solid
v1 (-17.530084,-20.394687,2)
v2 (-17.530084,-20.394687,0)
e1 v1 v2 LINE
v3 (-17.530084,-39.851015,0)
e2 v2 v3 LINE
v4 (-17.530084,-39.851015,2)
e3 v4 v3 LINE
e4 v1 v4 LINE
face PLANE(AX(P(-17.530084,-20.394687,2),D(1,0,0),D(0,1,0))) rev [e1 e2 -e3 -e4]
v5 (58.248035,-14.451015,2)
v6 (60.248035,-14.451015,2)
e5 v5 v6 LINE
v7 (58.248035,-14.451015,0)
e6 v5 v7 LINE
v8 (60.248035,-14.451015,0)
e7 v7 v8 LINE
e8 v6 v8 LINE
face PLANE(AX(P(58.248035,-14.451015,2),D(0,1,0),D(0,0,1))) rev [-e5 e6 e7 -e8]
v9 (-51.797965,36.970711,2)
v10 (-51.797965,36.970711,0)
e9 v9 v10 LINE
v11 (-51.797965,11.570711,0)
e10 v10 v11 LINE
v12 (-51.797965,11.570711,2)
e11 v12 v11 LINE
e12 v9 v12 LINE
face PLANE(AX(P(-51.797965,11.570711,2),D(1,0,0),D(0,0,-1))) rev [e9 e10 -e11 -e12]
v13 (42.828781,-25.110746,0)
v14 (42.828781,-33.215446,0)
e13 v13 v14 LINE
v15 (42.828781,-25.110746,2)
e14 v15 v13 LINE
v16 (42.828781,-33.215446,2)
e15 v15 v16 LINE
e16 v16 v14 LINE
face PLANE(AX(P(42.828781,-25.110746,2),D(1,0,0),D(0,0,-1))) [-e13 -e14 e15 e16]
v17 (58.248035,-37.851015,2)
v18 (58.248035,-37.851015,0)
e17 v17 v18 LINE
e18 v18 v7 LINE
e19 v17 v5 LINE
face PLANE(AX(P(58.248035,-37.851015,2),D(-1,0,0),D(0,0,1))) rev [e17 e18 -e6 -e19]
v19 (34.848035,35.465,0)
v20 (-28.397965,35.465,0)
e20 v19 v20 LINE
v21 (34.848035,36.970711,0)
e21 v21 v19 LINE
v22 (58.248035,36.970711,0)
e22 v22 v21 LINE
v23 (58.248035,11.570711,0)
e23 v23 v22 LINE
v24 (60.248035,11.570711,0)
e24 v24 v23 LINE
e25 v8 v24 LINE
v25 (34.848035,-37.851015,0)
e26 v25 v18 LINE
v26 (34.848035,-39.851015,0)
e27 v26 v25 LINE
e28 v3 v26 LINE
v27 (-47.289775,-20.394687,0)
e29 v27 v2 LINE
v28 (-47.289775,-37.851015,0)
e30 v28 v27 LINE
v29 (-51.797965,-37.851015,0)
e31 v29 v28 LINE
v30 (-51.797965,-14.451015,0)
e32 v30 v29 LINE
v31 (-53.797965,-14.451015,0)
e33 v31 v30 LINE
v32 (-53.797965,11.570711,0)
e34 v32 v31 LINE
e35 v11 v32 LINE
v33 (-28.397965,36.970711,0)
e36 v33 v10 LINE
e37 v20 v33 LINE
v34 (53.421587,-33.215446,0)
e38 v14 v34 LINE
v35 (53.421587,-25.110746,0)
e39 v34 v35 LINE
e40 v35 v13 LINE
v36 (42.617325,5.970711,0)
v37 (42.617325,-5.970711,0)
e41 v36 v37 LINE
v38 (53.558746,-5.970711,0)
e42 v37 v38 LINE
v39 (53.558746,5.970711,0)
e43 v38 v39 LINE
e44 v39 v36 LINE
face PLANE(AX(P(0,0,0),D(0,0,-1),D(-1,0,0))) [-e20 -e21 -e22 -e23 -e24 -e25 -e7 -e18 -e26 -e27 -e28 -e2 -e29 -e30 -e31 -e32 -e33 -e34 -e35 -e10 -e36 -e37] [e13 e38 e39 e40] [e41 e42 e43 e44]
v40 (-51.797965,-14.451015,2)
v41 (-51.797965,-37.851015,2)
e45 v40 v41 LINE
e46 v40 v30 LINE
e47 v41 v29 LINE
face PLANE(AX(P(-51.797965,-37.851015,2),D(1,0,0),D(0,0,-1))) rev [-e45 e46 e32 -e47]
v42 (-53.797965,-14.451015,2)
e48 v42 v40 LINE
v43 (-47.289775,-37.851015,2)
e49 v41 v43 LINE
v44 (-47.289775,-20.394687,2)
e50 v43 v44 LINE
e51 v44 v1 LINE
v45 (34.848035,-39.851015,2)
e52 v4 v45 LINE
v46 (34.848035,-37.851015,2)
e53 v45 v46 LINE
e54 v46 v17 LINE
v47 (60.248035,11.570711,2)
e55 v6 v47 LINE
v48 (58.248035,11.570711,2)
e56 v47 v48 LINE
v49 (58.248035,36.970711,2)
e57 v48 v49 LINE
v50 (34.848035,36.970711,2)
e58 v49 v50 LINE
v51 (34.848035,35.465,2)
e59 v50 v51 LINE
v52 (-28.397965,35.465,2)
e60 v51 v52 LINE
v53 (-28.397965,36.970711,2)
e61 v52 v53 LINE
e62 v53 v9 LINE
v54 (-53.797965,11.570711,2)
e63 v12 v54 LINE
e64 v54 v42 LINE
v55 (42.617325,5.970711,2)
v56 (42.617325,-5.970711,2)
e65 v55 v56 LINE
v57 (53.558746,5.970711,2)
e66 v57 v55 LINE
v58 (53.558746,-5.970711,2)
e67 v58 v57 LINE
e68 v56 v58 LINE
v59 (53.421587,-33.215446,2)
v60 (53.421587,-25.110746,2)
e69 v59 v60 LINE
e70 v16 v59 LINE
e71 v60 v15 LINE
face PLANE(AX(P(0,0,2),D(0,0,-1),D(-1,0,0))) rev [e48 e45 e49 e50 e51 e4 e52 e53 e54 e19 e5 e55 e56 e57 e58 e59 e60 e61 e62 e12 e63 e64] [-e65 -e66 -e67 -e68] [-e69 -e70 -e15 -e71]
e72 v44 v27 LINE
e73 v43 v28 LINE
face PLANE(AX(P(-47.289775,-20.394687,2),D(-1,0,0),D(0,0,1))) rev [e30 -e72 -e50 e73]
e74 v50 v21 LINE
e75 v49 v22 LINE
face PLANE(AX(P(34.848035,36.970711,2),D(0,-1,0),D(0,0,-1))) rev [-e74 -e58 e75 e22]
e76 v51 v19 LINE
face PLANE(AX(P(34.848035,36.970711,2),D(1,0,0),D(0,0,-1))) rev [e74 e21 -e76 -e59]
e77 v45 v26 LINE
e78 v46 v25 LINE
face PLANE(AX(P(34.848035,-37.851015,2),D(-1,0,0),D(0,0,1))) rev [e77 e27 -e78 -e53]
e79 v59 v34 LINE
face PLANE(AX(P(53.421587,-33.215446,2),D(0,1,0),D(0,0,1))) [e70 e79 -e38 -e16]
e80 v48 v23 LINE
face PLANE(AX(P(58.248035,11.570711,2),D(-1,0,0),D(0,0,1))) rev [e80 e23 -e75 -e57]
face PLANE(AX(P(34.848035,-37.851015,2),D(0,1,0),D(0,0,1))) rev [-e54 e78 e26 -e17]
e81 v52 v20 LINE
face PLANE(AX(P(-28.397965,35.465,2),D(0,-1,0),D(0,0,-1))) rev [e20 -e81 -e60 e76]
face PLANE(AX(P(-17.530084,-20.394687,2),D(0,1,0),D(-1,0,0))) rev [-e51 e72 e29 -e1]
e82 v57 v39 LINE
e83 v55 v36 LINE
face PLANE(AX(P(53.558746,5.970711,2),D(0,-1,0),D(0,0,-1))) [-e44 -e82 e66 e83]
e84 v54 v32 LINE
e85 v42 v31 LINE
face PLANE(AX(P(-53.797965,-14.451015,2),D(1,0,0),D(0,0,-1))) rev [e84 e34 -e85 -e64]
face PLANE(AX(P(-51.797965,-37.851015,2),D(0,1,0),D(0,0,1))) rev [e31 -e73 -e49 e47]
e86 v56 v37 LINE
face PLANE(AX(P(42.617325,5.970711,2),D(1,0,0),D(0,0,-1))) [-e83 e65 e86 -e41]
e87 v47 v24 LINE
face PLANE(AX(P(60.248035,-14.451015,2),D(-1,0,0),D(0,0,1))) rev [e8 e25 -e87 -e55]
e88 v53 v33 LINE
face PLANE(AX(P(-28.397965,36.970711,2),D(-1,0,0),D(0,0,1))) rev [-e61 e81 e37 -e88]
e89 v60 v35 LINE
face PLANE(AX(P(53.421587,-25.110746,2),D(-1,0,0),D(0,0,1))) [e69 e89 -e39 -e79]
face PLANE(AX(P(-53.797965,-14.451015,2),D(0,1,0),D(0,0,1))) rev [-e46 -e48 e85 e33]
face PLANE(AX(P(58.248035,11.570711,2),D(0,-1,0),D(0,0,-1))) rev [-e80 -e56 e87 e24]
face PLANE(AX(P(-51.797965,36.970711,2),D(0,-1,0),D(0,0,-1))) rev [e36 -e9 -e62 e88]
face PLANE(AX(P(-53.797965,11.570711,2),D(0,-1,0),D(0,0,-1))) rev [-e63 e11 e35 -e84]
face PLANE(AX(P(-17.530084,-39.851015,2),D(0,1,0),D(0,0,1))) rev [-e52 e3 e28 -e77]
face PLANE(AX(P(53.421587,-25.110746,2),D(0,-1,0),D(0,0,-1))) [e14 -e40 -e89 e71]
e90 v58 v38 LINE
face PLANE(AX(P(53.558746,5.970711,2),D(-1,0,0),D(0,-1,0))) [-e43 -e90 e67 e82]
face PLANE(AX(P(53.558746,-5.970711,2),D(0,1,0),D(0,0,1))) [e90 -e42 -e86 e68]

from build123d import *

# Parameters (mm, degrees)
SKETCH1_W           = 10.941421357
SKETCH1_H           = 11.941421356
SKETCH1_W_2         = 10.592806427
SKETCH1_H_2         = 8.104699542
BOSS_EXTRUDE1_DEPTH = 2


with BuildPart() as part:
    # Sketch1 → Boss-Extrude1 (new body)
    with BuildSketch(Plane.XY):
        Polygon((-17.530083786, -39.851014635), (34.848035205, -39.851014635), (34.848035205, -37.851014635), (58.248035205, -37.851014635), (58.248035205, -14.451014635), (60.248035205, -14.451014635), (60.248035205, 11.570710678), (58.248035205, 11.570710678), (58.248035205, 35.465), (58.248035205, 36.970710678), (34.848035205, 36.970710678), (34.848035205, 35.465), (-28.397964795, 35.465), (-28.397964795, 36.970710678), (-51.797964795, 36.970710678), (-51.797964795, 35.465), (-51.797964795, 11.570710678), (-53.797964795, 11.570710678), (-53.797964795, -14.451014635), (-51.797964795, -14.451014635), (-51.797964795, -37.851014635), (-47.289775284, -37.851014635), (-47.289775284, -20.394686971), (-17.530083786, -20.394686971), align=None)
        with Locations((48.088035205, 0)):
            Rectangle(SKETCH1_W, SKETCH1_H, mode=Mode.SUBTRACT)
        with Locations((48.125184252, -29.163096081)):
            Rectangle(SKETCH1_W_2, SKETCH1_H_2, mode=Mode.SUBTRACT)
    extrude(amount=BOSS_EXTRUDE1_DEPTH)


solid = part.part
